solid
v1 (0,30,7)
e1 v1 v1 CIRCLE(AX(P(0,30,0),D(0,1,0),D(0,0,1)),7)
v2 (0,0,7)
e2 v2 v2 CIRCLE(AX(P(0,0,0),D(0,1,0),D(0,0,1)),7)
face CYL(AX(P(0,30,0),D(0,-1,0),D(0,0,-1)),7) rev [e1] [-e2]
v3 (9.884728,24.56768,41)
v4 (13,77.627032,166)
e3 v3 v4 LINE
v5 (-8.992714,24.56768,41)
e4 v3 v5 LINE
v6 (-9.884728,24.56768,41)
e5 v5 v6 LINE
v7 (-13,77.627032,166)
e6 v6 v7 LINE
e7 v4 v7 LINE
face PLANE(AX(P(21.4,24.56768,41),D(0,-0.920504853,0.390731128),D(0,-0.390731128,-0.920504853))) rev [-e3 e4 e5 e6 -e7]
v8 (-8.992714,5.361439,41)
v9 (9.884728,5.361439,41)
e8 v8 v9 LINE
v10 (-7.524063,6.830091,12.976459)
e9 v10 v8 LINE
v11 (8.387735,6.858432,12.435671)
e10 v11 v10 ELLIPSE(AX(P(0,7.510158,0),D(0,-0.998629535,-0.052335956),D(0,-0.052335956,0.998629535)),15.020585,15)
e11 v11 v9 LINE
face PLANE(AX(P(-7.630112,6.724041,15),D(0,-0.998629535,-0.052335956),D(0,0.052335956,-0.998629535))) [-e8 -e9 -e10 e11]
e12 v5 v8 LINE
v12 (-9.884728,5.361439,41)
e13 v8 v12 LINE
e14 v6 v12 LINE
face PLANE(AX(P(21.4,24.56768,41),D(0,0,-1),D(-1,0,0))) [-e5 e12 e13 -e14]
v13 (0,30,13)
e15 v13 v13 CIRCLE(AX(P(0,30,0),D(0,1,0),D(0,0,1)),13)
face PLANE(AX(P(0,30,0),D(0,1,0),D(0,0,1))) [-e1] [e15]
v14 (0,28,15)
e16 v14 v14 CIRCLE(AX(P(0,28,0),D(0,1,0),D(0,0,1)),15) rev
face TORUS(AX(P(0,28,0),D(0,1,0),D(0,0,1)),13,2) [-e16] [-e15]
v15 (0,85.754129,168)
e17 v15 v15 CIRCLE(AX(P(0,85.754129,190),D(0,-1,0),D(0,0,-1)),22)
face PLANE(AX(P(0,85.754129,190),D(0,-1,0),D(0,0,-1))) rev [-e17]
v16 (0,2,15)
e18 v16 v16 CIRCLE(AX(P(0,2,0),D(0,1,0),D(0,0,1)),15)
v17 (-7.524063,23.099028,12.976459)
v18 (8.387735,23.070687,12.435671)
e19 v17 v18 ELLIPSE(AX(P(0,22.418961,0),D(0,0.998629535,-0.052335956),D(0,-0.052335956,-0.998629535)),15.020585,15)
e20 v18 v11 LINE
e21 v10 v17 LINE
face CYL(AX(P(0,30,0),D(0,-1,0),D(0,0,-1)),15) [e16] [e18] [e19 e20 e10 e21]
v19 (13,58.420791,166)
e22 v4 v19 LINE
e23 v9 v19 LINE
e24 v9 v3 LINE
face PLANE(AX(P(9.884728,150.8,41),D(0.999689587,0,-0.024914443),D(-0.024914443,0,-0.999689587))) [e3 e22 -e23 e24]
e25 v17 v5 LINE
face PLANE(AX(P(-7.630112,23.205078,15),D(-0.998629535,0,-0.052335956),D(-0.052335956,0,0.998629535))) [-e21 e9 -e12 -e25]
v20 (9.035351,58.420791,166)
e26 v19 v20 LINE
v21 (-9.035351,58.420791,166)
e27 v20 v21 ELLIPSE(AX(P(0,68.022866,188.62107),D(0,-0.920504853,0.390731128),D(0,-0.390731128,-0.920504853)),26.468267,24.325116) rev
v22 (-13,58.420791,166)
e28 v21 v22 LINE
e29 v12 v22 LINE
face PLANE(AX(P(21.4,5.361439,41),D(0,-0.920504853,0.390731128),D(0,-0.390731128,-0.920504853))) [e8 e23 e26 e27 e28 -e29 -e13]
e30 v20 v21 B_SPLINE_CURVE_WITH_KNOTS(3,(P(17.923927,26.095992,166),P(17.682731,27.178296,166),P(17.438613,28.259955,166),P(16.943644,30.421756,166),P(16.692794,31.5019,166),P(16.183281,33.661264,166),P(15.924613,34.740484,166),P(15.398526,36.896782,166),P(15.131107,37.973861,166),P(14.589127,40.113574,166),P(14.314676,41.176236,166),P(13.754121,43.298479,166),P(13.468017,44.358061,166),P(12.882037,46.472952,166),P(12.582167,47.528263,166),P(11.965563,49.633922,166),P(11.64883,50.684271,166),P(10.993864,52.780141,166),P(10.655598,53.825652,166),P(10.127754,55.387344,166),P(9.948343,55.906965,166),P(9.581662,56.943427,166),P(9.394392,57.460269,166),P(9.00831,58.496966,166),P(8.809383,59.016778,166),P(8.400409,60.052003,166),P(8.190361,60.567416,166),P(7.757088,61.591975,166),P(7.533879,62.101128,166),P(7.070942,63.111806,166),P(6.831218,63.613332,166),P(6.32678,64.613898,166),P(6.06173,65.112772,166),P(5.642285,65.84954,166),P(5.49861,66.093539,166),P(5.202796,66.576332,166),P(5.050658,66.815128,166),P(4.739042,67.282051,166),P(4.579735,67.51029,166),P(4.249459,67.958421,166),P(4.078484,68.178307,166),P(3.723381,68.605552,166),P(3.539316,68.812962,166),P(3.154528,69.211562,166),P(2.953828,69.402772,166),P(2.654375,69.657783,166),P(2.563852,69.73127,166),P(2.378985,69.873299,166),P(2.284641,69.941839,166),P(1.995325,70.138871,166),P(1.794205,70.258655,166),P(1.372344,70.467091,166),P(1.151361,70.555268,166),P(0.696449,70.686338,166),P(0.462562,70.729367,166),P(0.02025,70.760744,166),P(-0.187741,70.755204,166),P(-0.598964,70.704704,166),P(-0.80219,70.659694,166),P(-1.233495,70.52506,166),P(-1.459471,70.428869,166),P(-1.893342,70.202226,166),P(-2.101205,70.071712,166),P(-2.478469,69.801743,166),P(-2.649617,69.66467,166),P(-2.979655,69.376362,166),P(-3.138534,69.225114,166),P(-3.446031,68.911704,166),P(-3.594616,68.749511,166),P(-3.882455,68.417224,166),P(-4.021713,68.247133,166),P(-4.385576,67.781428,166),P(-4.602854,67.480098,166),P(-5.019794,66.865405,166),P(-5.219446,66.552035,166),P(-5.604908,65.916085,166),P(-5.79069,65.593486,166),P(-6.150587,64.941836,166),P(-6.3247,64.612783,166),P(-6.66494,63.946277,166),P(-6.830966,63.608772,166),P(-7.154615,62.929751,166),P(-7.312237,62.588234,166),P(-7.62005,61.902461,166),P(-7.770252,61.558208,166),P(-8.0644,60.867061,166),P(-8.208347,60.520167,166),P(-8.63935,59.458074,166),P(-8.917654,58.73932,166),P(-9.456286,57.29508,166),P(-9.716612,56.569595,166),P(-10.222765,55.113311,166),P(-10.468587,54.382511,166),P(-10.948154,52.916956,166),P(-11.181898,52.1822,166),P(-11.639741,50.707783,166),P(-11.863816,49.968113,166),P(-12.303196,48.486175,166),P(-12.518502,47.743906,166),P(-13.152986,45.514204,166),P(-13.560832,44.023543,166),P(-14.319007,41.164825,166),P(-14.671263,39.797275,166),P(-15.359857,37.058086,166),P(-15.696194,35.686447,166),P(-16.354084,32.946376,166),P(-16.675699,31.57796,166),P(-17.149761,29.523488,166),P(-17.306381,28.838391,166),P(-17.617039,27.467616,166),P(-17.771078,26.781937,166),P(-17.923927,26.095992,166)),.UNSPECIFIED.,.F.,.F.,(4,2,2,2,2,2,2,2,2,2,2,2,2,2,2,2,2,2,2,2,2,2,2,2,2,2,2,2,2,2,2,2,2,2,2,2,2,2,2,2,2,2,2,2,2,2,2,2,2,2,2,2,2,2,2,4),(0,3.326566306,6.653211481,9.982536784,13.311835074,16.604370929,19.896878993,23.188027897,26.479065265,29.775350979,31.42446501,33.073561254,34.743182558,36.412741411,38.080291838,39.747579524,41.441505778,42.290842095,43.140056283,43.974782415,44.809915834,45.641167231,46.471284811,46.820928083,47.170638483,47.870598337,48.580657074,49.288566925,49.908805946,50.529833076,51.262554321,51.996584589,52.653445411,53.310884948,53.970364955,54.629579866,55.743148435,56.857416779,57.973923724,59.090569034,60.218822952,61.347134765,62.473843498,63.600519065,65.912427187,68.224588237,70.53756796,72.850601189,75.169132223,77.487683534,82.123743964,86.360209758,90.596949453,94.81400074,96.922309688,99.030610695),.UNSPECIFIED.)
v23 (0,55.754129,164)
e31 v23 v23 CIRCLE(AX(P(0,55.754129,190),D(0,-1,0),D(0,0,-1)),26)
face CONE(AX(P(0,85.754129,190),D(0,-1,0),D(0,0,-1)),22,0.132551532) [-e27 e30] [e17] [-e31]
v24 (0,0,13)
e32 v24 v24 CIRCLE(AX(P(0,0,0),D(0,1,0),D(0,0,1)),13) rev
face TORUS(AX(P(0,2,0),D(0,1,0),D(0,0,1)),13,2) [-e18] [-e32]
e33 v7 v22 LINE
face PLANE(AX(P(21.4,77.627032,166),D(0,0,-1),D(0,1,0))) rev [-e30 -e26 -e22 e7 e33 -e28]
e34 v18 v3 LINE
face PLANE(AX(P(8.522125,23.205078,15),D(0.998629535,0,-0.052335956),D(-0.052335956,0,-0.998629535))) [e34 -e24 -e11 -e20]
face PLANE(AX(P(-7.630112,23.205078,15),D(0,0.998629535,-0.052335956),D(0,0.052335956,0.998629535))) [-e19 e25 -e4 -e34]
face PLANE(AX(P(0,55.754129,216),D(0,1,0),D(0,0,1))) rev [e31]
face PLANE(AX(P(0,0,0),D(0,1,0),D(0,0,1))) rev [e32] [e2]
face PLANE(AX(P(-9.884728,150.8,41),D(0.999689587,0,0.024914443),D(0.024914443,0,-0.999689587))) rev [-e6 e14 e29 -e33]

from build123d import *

# Parameters (mm, degrees)
CROQUIS4_R                        = 15
CROQUIS4_R_2                      = 7
SALIENTE_EXTRUIR1_DEPTH           = 30
REDONDEO1_R                       = 2
CROQUIS8_W                        = 16.152237462
CROQUIS8_H                        = 16.481036189
SALIENTE_EXTRUIR2_DEPTH           = 26
SALIENTE_EXTRUIR2_TAPER           = -3
SALIENTE_EXTRUIR2_OTHER_WAY_DEPTH = 5
SALIENTE_EXTRUIR2_OTHER_WAY_TAPER = 3
SALIENTE_EXTRUIR4_DEPTH           = 21.4
CORTAR_EXTRUIR2_DEPTH             = 100.8


with BuildPart() as part:
    # Croquis4 → Saliente-Extruir1 (new body)
    with BuildSketch(Plane(origin=(0, 0, 0), x_dir=(1, 0, 0), z_dir=(0, 1, 0))):
        Circle(CROQUIS4_R)
        Circle(CROQUIS4_R_2, mode=Mode.SUBTRACT)
    extrude(amount=SALIENTE_EXTRUIR1_DEPTH)

    # Redondeo1
    redondeo1_edges = [part.edges().sort_by_distance(p)[0] for p in [
        (-15, 0, 0),
        (-15, 30, 0),
    ]]
    fillet(redondeo1_edges, radius=REDONDEO1_R)

    # Croquis8 → Saliente-Extruir2 (add)
    with BuildSketch(Plane.XY.offset(15)):
        with Locations((0.446006576, 14.964559515)):
            Rectangle(CROQUIS8_W, CROQUIS8_H)
    extrude(amount=SALIENTE_EXTRUIR2_DEPTH, taper=SALIENTE_EXTRUIR2_TAPER)

    # Croquis8 → Saliente-Extruir2 other way (add)
    with BuildSketch(Plane.XY.offset(15)):
        with Locations((0.446006576, 14.964559515)):
            Rectangle(CROQUIS8_W, CROQUIS8_H)
    extrude(amount=-SALIENTE_EXTRUIR2_OTHER_WAY_DEPTH, taper=SALIENTE_EXTRUIR2_OTHER_WAY_TAPER)

    # Croquis9 → Saliente-Extruir4 (add, symmetric)
    with BuildSketch(Plane(origin=(0, 0, 0), x_dir=(0, 0, -1), z_dir=(1, 0, 0))):
        Polygon((-41, 24.567679871), (-41, 5.361439159), (-166, 58.420791186), (-166, 77.627031898), align=None)
    extrude(amount=SALIENTE_EXTRUIR4_DEPTH, both=True)

    # Croquis12 → Cortar-Extruir2 (cut, symmetric)
    with BuildSketch(Plane(origin=(0, 50, 0), x_dir=(1, 0, 0), z_dir=(0, 1, 0))):
        Polygon((9.884727568, -41), (13, -166), (33.350069365, -166), (33.350069365, -41), align=None)
    cortar_extruir2 = extrude(amount=CORTAR_EXTRUIR2_DEPTH, both=True, mode=Mode.SUBTRACT)

    # Simetría3: Cortar-Extruir2 across plane
    add(cortar_extruir2.mirror(Plane(origin=(0, 0, 0), x_dir=(0, 0, 1), z_dir=(1, 0, 0))), mode=Mode.SUBTRACT)

    # Croquis14 → Revolución1 (revolve)
    with BuildSketch(Plane(origin=(0, 0, 0), x_dir=(0, 0, -1), z_dir=(1, 0, 0))):
        Polygon((-190, 85.754128646), (-212, 85.754128646), (-216, 55.754128646), (-190, 55.754128646), align=None)
    revolve(axis=Axis((0, 79.990867655, 190), (0, 1, 0)))


solid = part.part
